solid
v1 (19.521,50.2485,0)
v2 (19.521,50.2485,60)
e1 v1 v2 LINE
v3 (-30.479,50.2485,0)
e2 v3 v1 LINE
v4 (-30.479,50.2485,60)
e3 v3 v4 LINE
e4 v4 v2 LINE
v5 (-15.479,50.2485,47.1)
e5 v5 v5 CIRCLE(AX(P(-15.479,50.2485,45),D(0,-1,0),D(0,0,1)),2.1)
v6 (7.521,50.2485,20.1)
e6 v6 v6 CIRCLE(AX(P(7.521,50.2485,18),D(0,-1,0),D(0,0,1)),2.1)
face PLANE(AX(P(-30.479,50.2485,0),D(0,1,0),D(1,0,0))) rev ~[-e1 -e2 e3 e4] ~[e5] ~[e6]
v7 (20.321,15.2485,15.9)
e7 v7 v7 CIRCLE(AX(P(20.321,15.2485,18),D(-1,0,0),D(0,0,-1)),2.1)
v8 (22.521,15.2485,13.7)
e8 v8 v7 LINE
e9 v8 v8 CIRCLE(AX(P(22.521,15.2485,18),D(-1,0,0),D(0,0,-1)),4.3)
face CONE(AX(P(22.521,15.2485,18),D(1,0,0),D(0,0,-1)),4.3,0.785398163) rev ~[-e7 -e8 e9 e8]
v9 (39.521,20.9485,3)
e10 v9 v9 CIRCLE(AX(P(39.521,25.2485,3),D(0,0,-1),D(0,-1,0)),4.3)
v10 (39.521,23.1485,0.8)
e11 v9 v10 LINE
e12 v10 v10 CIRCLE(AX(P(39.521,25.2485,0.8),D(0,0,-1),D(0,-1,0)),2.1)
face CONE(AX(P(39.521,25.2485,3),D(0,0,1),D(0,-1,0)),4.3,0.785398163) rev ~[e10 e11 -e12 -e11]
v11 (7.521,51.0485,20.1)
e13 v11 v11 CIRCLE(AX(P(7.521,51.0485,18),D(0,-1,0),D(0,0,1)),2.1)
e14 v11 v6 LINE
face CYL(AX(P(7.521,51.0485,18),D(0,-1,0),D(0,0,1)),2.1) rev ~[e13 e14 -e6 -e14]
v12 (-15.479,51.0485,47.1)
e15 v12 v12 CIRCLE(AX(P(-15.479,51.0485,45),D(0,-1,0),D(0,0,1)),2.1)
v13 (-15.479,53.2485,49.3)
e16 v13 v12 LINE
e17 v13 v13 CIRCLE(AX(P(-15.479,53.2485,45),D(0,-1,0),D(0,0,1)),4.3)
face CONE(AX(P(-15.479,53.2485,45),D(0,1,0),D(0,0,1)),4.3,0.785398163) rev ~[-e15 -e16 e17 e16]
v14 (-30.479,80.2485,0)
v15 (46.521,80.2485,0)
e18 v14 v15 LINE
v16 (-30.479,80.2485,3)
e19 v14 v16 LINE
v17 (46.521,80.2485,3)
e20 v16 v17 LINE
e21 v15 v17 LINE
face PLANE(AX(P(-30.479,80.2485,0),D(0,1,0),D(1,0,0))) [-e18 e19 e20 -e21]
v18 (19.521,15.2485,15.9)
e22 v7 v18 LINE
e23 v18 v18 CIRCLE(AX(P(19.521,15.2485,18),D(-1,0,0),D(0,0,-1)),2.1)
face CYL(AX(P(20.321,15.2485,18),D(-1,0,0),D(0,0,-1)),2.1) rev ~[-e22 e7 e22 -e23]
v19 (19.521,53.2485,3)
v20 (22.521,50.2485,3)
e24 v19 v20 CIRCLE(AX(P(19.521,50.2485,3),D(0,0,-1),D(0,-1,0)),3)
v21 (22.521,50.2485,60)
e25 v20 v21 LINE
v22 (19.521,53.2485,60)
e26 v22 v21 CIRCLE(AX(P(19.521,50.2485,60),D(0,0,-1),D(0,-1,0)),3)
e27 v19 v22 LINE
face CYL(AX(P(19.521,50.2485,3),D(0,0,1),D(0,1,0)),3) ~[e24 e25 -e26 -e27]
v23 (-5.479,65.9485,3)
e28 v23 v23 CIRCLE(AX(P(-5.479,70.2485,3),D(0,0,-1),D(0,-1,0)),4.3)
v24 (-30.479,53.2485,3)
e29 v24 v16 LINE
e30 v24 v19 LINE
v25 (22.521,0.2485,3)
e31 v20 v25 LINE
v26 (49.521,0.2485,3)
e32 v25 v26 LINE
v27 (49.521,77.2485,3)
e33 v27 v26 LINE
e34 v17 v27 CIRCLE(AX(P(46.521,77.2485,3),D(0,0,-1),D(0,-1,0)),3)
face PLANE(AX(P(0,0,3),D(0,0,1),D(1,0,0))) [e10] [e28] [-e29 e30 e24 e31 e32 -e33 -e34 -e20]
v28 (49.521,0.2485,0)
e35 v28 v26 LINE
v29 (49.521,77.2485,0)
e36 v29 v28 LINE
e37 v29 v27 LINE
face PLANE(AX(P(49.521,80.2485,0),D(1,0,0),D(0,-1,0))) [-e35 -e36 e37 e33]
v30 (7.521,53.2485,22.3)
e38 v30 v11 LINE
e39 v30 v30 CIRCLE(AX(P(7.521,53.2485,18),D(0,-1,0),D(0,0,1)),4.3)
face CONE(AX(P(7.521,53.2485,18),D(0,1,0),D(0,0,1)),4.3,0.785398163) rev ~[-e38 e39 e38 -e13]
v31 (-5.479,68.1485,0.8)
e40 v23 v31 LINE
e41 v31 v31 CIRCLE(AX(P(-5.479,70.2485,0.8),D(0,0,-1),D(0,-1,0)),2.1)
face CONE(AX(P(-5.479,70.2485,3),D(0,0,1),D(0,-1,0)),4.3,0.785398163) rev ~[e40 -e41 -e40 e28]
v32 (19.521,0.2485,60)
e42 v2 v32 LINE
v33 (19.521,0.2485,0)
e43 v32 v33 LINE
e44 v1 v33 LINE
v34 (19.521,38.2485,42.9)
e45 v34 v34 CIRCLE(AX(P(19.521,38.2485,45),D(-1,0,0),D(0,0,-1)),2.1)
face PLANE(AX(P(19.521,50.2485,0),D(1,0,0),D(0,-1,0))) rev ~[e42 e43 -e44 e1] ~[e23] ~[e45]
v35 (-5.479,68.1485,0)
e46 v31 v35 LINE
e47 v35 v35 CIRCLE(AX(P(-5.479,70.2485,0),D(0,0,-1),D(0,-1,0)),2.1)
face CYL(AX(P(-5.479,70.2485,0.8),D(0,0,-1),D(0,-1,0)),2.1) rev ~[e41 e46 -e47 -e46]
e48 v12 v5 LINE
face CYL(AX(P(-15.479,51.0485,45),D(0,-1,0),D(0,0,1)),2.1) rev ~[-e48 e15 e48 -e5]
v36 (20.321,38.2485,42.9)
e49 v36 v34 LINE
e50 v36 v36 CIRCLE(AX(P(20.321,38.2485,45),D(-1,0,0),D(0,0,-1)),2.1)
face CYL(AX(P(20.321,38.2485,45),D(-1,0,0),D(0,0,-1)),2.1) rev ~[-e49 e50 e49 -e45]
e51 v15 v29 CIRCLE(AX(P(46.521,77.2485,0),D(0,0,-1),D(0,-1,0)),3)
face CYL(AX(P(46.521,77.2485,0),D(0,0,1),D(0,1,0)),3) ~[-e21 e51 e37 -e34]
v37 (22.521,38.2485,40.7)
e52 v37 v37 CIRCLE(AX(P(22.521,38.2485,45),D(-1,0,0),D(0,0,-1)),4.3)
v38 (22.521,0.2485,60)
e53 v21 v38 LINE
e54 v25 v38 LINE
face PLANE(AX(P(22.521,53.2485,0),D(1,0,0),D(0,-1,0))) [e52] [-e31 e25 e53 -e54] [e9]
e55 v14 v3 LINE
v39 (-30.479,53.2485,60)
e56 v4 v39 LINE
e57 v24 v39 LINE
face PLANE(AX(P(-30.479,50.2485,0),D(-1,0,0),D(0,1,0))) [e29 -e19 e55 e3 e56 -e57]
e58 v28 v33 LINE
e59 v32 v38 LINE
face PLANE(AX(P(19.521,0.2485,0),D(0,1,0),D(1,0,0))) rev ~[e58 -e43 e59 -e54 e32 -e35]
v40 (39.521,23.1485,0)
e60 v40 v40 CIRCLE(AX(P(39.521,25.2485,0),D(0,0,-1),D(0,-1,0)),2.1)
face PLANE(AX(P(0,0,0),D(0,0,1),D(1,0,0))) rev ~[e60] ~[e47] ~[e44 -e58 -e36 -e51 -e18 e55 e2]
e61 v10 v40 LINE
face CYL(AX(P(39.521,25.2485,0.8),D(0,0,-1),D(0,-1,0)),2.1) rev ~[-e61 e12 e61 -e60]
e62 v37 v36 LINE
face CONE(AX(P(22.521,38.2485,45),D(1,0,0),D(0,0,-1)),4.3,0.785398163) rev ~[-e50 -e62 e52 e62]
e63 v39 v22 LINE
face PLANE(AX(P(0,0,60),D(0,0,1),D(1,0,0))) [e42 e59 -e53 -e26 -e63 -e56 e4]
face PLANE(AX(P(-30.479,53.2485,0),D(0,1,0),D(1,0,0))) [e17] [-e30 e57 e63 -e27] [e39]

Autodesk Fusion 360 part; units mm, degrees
sketch "Sketch1" plane through (0, 0, 0) normal (0, 0, 1) x (1, 0, 0)
  line L0 (-30.479, 50.2485) -> (19.521, 50.2485)
  line L1 (19.521, 50.2485) -> (19.521, 0.2485)
  line L2 (19.521, 0.2485) -> (49.521, 0.2485)
  line L3 (-30.479, 50.2485) -> (-30.479, 80.2485)
  line L4 (-30.479, 80.2485) -> (49.521, 80.2485)
  line L5 (49.521, 80.2485) -> (49.521, 0.2485)
  line L6 (19.521, 0.2485) -> (22.521, 0.2485)
  line L7 (-30.479, 50.2485) -> (-30.479, 53.2485)
  line L8 (-30.479, 53.2485) -> (22.521, 53.2485)
  line L9 (22.521, 53.2485) -> (22.521, 0.2485)
  dimension "d1" = 50
  dimension "d2" = 50
  dimension "d3" = 30
  dimension "d4" = 30
  dimension "d5" = 80
  dimension "d6" = 3
  dimension "d7" = 3
  dimension "d8" = 53
extrude "Extrude1" add sketch "Sketch1" along normal blind 3 makes body 1
extrude "Extrude2" add sketch "Sketch1" along normal blind 60 separate body contours L0 L1 L2 L3 L6 L7 L8 L9 makes body 2
combine "Combine1" operation add target body 2 tool bodies 1
sketch "Sketch2" plane through (0, 0, 3) normal (0, 0, 1) x (-1, 0, 0)
  line L0 (30.479, -53.2485) -> (-22.521, -53.2485)
  line L1 (-22.521, -53.2485) -> (-22.521, -0.2485)
  line L2 (-22.521, -0.2485) -> (-49.521, -0.2485)
  line L3 (-49.521, -0.2485) -> (-49.521, -80.2485)
  line L4 (-49.521, -80.2485) -> (30.479, -80.2485)
  line L5 (30.479, -80.2485) -> (30.479, -53.2485)
  line L6 (-49.521, -0.2485) -> (-39.521, -0.2485)
  line L7 (-39.521, -0.2485) -> (-39.521, -25.2485)
  line L8 (30.479, -80.2485) -> (30.479, -70.2485)
  line L9 (30.479, -70.2485) -> (5.479, -70.2485)
  dimension "d13" = 10
  dimension "d14" = 25
  dimension "d15" = 10
  dimension "d16" = 25
hole "Hole1" at (39.521, 25.2485, 3) at (-5.479, 70.2485, 3) direction (0, 0, -1) diameter 4.2 end through all countersink diameter 8.6 countersink angle 90 bodies 2 2
sketch "Sketch3" plane through (22.521, 0, 0) normal (1, 0, 0) x (0, 1, 0)
  line L0 (0.2485, 3) -> (53.2485, 3)
  line L1 (53.2485, 3) -> (53.2485, 60)
  line L2 (53.2485, 60) -> (0.2485, 60)
  line L3 (0.2485, 60) -> (0.2485, 3)
  line L4 (0.2485, 3) -> (0.2485, 18)
  line L5 (0.2485, 18) -> (15.2485, 18)
  line L6 (53.2485, 60) -> (53.2485, 45)
  line L7 (53.2485, 45) -> (38.2485, 45)
  dimension "d22" = 15
  dimension "d23" = 15
  dimension "d24" = 15
  dimension "d25" = 15
hole "Hole2" at (22.521, 15.2485, 18) at (22.521, 38.2485, 45) direction (-1, 0, 0) diameter 4.2 end through all countersink diameter 8.6 countersink angle 90 bodies 2 2
sketch "Sketch4" plane through (0, 53.2485, 0) normal (0, 1, 0) x (-1, 0, 0)
  line L0 (-22.521, 3) -> (30.479, 3)
  line L1 (30.479, 3) -> (30.479, 60)
  line L2 (30.479, 60) -> (-22.521, 60)
  line L3 (-22.521, 60) -> (-22.521, 3)
  line L4 (-22.521, 3) -> (-22.521, 18)
  line L5 (-22.521, 18) -> (-7.521, 18)
  line L6 (30.479, 60) -> (30.479, 45)
  line L7 (30.479, 45) -> (15.479, 45)
  dimension "d31" = 15
  dimension "d32" = 15
  dimension "d33" = 15
  dimension "d34" = 15
hole "Hole3" at (-15.479, 53.2485, 45) at (7.521, 53.2485, 18) direction (0, -1, 0) diameter 4.2 end through all countersink diameter 8.6 countersink angle 90 bodies 2 2
fillet "Fillet1" radius 3 2 edges at (22.521, 53.2485, 31.5) (49.521, 80.2485, 1.5) on bodies 2
